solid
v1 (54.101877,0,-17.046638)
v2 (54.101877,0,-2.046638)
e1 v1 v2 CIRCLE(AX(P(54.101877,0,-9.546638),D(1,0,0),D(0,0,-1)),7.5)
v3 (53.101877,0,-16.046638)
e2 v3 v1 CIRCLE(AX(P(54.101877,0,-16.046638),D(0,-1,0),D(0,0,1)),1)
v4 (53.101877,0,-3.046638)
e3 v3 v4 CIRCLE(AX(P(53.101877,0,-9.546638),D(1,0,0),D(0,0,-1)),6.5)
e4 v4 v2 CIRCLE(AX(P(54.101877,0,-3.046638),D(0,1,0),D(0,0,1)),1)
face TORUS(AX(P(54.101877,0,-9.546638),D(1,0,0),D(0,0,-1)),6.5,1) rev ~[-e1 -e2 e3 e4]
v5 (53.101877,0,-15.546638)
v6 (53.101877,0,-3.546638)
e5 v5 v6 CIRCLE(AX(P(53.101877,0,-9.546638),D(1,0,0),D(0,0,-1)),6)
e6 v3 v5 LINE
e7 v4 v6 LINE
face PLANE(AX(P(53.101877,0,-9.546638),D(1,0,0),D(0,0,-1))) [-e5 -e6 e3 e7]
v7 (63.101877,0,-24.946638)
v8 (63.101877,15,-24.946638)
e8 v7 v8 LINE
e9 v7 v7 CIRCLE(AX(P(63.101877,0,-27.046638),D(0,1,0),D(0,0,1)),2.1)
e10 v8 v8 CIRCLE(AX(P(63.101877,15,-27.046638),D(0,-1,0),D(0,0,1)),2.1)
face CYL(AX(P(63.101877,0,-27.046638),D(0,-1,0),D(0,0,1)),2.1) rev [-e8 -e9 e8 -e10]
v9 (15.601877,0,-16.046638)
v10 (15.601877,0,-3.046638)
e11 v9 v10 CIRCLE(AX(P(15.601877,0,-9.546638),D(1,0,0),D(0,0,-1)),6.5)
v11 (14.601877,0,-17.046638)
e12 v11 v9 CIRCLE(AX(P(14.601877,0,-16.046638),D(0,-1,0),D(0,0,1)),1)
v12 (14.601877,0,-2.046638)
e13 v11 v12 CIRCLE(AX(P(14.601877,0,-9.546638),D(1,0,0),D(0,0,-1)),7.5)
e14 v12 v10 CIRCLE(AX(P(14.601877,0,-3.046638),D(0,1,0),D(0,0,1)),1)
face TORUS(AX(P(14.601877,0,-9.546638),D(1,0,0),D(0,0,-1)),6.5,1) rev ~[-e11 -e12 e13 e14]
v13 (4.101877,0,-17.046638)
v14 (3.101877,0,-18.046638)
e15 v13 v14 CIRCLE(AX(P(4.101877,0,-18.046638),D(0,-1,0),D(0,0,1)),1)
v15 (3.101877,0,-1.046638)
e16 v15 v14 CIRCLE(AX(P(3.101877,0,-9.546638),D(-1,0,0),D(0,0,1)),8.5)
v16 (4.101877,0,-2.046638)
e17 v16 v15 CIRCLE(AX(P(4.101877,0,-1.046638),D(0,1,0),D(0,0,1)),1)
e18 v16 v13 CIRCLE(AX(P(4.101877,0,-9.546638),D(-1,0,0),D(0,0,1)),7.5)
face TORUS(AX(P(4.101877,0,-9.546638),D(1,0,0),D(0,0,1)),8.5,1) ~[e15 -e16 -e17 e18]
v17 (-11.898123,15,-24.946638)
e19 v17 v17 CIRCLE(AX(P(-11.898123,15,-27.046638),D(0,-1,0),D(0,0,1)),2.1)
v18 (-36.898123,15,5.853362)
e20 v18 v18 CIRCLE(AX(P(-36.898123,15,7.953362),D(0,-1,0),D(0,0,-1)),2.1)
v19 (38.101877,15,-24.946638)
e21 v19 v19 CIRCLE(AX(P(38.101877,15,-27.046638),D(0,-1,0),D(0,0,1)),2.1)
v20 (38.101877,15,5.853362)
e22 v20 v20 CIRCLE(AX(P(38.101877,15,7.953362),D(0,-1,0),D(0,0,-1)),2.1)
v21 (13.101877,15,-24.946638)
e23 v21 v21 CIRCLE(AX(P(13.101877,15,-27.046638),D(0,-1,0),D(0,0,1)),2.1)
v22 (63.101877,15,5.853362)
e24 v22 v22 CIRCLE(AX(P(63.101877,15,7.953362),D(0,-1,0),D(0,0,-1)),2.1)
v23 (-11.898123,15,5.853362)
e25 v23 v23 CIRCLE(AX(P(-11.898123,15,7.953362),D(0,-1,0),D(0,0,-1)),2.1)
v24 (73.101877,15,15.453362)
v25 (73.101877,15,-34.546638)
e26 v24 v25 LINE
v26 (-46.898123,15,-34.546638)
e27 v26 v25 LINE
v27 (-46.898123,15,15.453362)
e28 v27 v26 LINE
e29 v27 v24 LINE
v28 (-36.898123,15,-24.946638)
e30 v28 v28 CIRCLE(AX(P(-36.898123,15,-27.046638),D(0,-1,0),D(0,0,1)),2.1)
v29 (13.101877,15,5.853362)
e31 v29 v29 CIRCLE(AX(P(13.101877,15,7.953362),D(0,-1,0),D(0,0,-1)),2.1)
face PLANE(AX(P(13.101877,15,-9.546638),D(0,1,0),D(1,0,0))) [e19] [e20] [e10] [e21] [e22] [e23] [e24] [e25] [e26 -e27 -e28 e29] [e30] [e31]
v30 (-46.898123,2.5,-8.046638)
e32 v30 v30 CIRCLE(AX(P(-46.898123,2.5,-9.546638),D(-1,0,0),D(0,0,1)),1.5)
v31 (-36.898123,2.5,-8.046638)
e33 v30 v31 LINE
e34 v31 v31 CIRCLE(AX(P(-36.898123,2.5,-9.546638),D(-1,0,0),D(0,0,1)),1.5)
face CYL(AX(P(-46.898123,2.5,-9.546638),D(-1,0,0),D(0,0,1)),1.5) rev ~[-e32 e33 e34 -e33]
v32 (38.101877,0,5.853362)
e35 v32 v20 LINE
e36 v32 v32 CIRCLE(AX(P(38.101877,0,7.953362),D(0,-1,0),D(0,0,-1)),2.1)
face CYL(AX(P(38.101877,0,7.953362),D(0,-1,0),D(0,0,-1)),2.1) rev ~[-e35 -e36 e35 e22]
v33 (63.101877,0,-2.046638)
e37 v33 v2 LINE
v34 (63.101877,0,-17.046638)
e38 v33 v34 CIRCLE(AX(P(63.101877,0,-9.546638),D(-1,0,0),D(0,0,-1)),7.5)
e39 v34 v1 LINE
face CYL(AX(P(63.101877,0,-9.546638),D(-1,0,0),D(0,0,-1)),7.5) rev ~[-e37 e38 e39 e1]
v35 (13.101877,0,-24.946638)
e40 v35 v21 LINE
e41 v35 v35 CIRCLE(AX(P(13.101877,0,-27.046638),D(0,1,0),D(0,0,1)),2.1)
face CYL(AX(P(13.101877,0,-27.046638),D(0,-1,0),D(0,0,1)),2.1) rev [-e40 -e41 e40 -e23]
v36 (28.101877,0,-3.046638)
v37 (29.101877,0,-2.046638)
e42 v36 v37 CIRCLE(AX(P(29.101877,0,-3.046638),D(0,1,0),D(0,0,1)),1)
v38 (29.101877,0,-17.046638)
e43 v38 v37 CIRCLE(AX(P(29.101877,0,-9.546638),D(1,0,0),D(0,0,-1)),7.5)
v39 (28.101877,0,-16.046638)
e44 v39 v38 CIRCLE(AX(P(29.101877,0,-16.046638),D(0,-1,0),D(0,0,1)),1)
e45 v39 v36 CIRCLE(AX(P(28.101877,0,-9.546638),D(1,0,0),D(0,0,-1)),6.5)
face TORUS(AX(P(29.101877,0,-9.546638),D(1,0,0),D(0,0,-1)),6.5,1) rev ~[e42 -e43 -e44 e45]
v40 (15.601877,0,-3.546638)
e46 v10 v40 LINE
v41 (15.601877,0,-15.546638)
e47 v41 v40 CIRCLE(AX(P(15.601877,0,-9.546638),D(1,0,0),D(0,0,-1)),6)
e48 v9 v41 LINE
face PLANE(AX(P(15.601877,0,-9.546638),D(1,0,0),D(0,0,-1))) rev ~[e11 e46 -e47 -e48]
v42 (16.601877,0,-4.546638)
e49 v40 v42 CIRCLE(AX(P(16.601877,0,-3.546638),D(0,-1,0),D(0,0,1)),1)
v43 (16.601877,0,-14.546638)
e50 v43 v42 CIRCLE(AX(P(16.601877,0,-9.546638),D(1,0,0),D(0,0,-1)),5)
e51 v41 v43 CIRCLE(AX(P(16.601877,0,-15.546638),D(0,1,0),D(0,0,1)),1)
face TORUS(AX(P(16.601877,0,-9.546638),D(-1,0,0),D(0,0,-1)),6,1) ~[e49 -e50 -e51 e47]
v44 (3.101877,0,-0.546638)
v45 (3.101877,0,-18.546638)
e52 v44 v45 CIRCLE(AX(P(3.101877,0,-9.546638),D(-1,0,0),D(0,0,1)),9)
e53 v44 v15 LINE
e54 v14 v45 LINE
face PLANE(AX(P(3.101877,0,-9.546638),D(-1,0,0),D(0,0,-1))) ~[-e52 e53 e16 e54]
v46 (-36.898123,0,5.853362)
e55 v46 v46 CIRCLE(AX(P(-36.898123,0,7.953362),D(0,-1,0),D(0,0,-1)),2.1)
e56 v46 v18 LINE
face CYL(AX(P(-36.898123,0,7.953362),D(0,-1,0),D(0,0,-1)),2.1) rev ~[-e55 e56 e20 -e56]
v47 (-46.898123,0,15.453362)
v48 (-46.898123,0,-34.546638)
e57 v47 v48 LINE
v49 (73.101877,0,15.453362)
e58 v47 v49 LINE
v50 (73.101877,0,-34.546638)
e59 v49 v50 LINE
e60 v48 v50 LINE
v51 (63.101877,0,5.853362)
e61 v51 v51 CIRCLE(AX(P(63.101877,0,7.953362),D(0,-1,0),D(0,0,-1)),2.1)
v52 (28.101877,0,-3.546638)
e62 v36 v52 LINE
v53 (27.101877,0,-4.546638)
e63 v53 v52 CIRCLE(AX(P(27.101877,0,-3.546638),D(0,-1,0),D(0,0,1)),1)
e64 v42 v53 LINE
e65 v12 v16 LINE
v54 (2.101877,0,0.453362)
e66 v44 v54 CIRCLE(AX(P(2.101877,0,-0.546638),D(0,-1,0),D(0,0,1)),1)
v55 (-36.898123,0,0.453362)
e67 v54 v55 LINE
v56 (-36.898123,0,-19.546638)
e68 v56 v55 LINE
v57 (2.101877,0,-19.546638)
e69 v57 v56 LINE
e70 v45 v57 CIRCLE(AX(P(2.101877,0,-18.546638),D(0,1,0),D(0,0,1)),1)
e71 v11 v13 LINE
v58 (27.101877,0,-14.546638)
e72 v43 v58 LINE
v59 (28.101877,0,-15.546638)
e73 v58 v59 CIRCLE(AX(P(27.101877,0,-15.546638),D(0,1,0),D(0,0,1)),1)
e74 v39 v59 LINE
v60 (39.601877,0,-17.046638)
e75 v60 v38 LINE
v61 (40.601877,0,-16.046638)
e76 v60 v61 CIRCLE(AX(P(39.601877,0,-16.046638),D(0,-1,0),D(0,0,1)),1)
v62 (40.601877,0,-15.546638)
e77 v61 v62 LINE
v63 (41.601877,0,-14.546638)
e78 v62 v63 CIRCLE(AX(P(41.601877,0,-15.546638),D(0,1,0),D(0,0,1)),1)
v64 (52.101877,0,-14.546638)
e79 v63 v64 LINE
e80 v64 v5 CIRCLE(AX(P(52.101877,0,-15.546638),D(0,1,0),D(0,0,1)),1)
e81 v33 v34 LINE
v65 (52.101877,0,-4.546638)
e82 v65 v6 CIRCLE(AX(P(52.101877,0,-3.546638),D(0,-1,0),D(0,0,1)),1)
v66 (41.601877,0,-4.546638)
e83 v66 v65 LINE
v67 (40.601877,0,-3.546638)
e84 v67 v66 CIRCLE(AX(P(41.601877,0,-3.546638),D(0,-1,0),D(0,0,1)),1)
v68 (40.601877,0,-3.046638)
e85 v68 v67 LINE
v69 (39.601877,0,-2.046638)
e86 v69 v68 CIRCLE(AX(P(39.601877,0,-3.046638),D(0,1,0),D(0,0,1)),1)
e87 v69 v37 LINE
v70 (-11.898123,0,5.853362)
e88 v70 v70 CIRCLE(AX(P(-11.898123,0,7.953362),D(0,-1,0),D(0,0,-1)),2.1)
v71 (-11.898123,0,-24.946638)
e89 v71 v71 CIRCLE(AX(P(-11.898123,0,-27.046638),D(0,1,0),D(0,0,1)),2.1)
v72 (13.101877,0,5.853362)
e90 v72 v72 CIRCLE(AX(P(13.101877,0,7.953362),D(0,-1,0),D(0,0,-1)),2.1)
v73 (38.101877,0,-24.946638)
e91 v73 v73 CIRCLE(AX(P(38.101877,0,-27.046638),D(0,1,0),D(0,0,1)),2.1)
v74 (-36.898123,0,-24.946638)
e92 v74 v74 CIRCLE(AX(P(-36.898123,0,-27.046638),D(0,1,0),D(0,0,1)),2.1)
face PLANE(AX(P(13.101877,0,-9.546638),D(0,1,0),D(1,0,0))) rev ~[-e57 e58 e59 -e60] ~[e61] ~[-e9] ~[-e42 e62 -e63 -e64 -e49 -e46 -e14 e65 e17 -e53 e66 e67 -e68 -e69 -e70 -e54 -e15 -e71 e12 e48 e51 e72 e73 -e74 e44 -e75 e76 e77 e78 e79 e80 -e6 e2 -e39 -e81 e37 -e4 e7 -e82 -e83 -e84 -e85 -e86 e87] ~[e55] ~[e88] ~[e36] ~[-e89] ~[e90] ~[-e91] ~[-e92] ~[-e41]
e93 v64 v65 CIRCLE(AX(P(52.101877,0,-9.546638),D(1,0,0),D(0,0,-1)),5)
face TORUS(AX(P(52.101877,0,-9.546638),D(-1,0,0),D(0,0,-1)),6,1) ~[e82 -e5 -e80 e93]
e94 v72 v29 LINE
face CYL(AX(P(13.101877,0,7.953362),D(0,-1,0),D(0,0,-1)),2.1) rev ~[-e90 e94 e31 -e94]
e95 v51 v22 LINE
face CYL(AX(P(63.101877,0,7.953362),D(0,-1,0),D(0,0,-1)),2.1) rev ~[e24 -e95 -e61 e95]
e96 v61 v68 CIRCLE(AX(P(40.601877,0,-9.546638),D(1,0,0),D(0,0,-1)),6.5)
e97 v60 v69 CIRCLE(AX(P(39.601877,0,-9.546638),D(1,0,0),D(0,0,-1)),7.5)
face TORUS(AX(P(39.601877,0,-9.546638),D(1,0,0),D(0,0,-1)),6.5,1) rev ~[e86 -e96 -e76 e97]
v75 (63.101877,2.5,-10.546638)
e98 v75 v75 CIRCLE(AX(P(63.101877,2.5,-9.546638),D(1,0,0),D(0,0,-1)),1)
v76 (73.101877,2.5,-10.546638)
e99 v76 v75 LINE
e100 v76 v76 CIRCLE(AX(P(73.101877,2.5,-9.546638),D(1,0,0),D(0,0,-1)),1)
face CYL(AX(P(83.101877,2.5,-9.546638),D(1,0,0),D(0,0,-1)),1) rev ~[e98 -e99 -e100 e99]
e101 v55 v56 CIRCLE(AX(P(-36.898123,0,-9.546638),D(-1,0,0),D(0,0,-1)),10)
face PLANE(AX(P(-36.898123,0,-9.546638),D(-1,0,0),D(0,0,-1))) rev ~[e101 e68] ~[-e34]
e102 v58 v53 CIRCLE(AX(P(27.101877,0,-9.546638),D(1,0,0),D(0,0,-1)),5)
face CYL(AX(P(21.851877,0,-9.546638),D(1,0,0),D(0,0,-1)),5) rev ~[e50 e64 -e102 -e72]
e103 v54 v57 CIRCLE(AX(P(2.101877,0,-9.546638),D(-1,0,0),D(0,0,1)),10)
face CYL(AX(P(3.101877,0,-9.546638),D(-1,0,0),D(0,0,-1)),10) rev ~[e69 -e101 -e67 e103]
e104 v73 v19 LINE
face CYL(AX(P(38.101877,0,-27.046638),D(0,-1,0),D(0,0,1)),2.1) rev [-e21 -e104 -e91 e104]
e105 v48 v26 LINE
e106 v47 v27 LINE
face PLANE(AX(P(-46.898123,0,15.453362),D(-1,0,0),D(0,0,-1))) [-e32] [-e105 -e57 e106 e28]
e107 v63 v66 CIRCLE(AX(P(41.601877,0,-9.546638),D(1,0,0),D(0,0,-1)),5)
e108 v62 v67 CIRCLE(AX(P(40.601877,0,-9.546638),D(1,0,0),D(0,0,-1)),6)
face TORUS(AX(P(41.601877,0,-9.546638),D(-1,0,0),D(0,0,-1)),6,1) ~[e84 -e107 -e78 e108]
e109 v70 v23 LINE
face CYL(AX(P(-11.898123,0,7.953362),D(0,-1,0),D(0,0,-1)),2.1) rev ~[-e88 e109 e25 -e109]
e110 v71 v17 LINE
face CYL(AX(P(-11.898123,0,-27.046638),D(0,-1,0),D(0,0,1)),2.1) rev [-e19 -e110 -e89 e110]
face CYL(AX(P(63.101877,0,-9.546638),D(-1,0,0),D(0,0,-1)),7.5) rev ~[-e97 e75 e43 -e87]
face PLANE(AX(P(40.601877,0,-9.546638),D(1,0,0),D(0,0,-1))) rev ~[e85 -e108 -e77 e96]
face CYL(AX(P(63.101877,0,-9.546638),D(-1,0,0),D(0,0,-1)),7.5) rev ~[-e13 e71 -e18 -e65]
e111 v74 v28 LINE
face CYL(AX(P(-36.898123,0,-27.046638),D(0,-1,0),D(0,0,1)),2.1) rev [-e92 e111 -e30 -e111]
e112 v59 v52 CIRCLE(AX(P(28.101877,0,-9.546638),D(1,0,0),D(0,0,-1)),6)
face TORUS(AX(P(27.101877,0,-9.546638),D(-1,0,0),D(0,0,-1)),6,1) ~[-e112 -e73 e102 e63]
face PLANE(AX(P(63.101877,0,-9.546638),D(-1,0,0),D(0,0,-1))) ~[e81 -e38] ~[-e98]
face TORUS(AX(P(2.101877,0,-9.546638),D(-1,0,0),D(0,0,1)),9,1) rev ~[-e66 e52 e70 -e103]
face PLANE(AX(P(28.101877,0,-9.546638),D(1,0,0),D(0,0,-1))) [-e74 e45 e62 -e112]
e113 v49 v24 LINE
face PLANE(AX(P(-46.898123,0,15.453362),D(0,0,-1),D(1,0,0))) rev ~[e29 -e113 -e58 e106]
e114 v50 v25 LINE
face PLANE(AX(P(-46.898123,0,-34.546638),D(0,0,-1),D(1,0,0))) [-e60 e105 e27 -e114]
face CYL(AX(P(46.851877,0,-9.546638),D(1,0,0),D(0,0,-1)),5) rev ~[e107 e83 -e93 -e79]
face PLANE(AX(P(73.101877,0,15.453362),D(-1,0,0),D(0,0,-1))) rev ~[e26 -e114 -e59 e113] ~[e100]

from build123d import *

# Parameters (mm, degrees)
SKETCH2_W                       = 120
SKETCH2_H                       = 50
BOSS_EXTRUDE1_DEPTH             = 15
SKIZZE7_R                       = 1.5
SCHNITT_LINEAR_AUSTRAGEN6_DEPTH = 10
SKIZZE10_W                      = 12.5
SKIZZE10_H                      = 2.5
ROTATION3_ANGLE                 = 180
SKIZZE11_W                      = 12.5
SKIZZE11_H                      = 2.5
ROTATION4_ANGLE                 = 180
SKIZZE12_R                      = 2.1
SCHNITT_LINEAR_AUSTRAGEN7_DEPTH = 83.233536557
FILLET2_R                       = 1
FILLET3_R                       = 1
FILLET4_R                       = 1
FILLET5_R                       = 1
FILLET6_R                       = 1
FILLET7_R                       = 1
SKETCH4_R                       = 1
CUT_EXTRUDE1_DEPTH              = 25
FILLET8_R                       = 1
FILLET9_R                       = 1
FILLET10_R                      = 1
FILLET11_R                      = 1


with BuildPart() as part:
    # Sketch2 → Boss-Extrude1 (new body)
    with BuildSketch(Plane(origin=(0, 0, 0), x_dir=(1, 0, 0), z_dir=(0, 1, 0))):
        with Locations((13.101876656, 9.54663752)):
            Rectangle(SKETCH2_W, SKETCH2_H)
    extrude(amount=BOSS_EXTRUDE1_DEPTH)

    # Skizze7 → Schnitt-Linear austragen6 (cut)
    with BuildSketch(Plane.ZY.offset(46.898123344)):
        with Locations((-9.54663752, 2.5)):
            Circle(SKIZZE7_R)
    extrude(amount=-SCHNITT_LINEAR_AUSTRAGEN6_DEPTH, mode=Mode.SUBTRACT)

    # Sketch3 → Schnitt-Rotation1 (revolve, cut)
    with BuildSketch(Plane(origin=(0, 0, 0), x_dir=(1, 0, 0), z_dir=(0, 1, 0))):
        Polygon((63.101876656, 9.54663752), (63.101876656, 17.04663752), (3.101876656, 17.04663752), (3.101876656, 19.54663752), (-36.898123344, 19.54663752), (-36.898123344, 9.54663752), align=None)
    revolve(axis=Axis((74.354835368, 0, -9.54663752), (-1, 0, 0)), mode=Mode.SUBTRACT)

    # Skizze10 → Rotation3 (revolve)
    with BuildSketch(Plane.XZ):
        with Locations((46.851876656, -15.79663752)):
            Rectangle(SKIZZE10_W, SKIZZE10_H)
    revolve(axis=Axis((85.744816074, 0, -9.54663752), (1, 0, 0)), revolution_arc=ROTATION3_ANGLE)

    # Skizze11 → Rotation4 (revolve)
    with BuildSketch(Plane.XZ):
        with Locations((21.851876656, -15.79663752)):
            Rectangle(SKIZZE11_W, SKIZZE11_H)
    revolve(axis=Axis((95.037830494, 0, -9.54663752), (1, 0, 0)), revolution_arc=ROTATION4_ANGLE)

    # Skizze12 → Schnitt-Linear austragen7 (cut, through all)
    with BuildSketch(Plane.XZ):
        with Locations(Location((-36.898123344, 7.95336248, 0), (0, 0, 270))):
            Circle(SKIZZE12_R)
        with Locations(Location((13.101876656, 7.95336248, 0), (0, 0, 270))):
            Circle(SKIZZE12_R)
        with Locations(Location((63.101876656, 7.95336248, 0), (0, 0, 270))):
            Circle(SKIZZE12_R)
        with Locations(Location((38.101876656, 7.95336248, 0), (0, 0, 270))):
            Circle(SKIZZE12_R)
        with Locations(Location((-11.898123344, 7.95336248, 0), (0, 0, 270))):
            Circle(SKIZZE12_R)
    schnitt_linear_austragen7 = extrude(amount=-SCHNITT_LINEAR_AUSTRAGEN7_DEPTH, mode=Mode.SUBTRACT)

    # Spiegeln1: Schnitt-Linear austragen7 across plane
    add(schnitt_linear_austragen7.mirror(Plane.XY.offset(-9.54663752)), mode=Mode.SUBTRACT)

    # Fillet2
    fillet2_edges = [part.edges().sort_by_distance(p)[0] for p in [
        (3.101876656, 7.5, -9.54663752),
    ]]
    fillet(fillet2_edges, radius=FILLET2_R)

    # Fillet3
    fillet3_edges = [part.edges().sort_by_distance(p)[0] for p in [
        (15.601876656, 5, -9.54663752),
    ]]
    fillet(fillet3_edges, radius=FILLET3_R)

    # Fillet4
    fillet4_edges = [part.edges().sort_by_distance(p)[0] for p in [
        (28.101876656, 5, -9.54663752),
    ]]
    fillet(fillet4_edges, radius=FILLET4_R)

    # Fillet5
    fillet5_edges = [part.edges().sort_by_distance(p)[0] for p in [
        (40.601876656, 5, -9.54663752),
    ]]
    fillet(fillet5_edges, radius=FILLET5_R)

    # Fillet6
    fillet6_edges = [part.edges().sort_by_distance(p)[0] for p in [
        (53.101876656, 5, -9.54663752),
    ]]
    fillet(fillet6_edges, radius=FILLET6_R)

    # Fillet7
    fillet7_edges = [part.edges().sort_by_distance(p)[0] for p in [
        (3.101876656, 10, -9.54663752),
    ]]
    fillet(fillet7_edges, radius=FILLET7_R)

    # Sketch4 → Cut-Extrude1 (cut)
    with BuildSketch(Plane(origin=(83.101876656, 0, 0), x_dir=(0, 0, -1), z_dir=(1, 0, 0))):
        with Locations((9.54663752, 2.5)):
            Circle(SKETCH4_R)
    extrude(amount=-CUT_EXTRUDE1_DEPTH, mode=Mode.SUBTRACT)

    # Fillet8
    fillet8_edges = [part.edges().sort_by_distance(p)[0] for p in [
        (15.601876656, 7.5, -9.54663752),
    ]]
    fillet(fillet8_edges, radius=FILLET8_R)

    # Fillet9
    fillet9_edges = [part.edges().sort_by_distance(p)[0] for p in [
        (28.101876656, 7.5, -9.54663752),
    ]]
    fillet(fillet9_edges, radius=FILLET9_R)

    # Fillet10
    fillet10_edges = [part.edges().sort_by_distance(p)[0] for p in [
        (40.601876656, 7.5, -9.54663752),
    ]]
    fillet(fillet10_edges, radius=FILLET10_R)

    # Fillet11
    fillet11_edges = [part.edges().sort_by_distance(p)[0] for p in [
        (53.101876656, 7.5, -9.54663752),
    ]]
    fillet(fillet11_edges, radius=FILLET11_R)


solid = part.part
